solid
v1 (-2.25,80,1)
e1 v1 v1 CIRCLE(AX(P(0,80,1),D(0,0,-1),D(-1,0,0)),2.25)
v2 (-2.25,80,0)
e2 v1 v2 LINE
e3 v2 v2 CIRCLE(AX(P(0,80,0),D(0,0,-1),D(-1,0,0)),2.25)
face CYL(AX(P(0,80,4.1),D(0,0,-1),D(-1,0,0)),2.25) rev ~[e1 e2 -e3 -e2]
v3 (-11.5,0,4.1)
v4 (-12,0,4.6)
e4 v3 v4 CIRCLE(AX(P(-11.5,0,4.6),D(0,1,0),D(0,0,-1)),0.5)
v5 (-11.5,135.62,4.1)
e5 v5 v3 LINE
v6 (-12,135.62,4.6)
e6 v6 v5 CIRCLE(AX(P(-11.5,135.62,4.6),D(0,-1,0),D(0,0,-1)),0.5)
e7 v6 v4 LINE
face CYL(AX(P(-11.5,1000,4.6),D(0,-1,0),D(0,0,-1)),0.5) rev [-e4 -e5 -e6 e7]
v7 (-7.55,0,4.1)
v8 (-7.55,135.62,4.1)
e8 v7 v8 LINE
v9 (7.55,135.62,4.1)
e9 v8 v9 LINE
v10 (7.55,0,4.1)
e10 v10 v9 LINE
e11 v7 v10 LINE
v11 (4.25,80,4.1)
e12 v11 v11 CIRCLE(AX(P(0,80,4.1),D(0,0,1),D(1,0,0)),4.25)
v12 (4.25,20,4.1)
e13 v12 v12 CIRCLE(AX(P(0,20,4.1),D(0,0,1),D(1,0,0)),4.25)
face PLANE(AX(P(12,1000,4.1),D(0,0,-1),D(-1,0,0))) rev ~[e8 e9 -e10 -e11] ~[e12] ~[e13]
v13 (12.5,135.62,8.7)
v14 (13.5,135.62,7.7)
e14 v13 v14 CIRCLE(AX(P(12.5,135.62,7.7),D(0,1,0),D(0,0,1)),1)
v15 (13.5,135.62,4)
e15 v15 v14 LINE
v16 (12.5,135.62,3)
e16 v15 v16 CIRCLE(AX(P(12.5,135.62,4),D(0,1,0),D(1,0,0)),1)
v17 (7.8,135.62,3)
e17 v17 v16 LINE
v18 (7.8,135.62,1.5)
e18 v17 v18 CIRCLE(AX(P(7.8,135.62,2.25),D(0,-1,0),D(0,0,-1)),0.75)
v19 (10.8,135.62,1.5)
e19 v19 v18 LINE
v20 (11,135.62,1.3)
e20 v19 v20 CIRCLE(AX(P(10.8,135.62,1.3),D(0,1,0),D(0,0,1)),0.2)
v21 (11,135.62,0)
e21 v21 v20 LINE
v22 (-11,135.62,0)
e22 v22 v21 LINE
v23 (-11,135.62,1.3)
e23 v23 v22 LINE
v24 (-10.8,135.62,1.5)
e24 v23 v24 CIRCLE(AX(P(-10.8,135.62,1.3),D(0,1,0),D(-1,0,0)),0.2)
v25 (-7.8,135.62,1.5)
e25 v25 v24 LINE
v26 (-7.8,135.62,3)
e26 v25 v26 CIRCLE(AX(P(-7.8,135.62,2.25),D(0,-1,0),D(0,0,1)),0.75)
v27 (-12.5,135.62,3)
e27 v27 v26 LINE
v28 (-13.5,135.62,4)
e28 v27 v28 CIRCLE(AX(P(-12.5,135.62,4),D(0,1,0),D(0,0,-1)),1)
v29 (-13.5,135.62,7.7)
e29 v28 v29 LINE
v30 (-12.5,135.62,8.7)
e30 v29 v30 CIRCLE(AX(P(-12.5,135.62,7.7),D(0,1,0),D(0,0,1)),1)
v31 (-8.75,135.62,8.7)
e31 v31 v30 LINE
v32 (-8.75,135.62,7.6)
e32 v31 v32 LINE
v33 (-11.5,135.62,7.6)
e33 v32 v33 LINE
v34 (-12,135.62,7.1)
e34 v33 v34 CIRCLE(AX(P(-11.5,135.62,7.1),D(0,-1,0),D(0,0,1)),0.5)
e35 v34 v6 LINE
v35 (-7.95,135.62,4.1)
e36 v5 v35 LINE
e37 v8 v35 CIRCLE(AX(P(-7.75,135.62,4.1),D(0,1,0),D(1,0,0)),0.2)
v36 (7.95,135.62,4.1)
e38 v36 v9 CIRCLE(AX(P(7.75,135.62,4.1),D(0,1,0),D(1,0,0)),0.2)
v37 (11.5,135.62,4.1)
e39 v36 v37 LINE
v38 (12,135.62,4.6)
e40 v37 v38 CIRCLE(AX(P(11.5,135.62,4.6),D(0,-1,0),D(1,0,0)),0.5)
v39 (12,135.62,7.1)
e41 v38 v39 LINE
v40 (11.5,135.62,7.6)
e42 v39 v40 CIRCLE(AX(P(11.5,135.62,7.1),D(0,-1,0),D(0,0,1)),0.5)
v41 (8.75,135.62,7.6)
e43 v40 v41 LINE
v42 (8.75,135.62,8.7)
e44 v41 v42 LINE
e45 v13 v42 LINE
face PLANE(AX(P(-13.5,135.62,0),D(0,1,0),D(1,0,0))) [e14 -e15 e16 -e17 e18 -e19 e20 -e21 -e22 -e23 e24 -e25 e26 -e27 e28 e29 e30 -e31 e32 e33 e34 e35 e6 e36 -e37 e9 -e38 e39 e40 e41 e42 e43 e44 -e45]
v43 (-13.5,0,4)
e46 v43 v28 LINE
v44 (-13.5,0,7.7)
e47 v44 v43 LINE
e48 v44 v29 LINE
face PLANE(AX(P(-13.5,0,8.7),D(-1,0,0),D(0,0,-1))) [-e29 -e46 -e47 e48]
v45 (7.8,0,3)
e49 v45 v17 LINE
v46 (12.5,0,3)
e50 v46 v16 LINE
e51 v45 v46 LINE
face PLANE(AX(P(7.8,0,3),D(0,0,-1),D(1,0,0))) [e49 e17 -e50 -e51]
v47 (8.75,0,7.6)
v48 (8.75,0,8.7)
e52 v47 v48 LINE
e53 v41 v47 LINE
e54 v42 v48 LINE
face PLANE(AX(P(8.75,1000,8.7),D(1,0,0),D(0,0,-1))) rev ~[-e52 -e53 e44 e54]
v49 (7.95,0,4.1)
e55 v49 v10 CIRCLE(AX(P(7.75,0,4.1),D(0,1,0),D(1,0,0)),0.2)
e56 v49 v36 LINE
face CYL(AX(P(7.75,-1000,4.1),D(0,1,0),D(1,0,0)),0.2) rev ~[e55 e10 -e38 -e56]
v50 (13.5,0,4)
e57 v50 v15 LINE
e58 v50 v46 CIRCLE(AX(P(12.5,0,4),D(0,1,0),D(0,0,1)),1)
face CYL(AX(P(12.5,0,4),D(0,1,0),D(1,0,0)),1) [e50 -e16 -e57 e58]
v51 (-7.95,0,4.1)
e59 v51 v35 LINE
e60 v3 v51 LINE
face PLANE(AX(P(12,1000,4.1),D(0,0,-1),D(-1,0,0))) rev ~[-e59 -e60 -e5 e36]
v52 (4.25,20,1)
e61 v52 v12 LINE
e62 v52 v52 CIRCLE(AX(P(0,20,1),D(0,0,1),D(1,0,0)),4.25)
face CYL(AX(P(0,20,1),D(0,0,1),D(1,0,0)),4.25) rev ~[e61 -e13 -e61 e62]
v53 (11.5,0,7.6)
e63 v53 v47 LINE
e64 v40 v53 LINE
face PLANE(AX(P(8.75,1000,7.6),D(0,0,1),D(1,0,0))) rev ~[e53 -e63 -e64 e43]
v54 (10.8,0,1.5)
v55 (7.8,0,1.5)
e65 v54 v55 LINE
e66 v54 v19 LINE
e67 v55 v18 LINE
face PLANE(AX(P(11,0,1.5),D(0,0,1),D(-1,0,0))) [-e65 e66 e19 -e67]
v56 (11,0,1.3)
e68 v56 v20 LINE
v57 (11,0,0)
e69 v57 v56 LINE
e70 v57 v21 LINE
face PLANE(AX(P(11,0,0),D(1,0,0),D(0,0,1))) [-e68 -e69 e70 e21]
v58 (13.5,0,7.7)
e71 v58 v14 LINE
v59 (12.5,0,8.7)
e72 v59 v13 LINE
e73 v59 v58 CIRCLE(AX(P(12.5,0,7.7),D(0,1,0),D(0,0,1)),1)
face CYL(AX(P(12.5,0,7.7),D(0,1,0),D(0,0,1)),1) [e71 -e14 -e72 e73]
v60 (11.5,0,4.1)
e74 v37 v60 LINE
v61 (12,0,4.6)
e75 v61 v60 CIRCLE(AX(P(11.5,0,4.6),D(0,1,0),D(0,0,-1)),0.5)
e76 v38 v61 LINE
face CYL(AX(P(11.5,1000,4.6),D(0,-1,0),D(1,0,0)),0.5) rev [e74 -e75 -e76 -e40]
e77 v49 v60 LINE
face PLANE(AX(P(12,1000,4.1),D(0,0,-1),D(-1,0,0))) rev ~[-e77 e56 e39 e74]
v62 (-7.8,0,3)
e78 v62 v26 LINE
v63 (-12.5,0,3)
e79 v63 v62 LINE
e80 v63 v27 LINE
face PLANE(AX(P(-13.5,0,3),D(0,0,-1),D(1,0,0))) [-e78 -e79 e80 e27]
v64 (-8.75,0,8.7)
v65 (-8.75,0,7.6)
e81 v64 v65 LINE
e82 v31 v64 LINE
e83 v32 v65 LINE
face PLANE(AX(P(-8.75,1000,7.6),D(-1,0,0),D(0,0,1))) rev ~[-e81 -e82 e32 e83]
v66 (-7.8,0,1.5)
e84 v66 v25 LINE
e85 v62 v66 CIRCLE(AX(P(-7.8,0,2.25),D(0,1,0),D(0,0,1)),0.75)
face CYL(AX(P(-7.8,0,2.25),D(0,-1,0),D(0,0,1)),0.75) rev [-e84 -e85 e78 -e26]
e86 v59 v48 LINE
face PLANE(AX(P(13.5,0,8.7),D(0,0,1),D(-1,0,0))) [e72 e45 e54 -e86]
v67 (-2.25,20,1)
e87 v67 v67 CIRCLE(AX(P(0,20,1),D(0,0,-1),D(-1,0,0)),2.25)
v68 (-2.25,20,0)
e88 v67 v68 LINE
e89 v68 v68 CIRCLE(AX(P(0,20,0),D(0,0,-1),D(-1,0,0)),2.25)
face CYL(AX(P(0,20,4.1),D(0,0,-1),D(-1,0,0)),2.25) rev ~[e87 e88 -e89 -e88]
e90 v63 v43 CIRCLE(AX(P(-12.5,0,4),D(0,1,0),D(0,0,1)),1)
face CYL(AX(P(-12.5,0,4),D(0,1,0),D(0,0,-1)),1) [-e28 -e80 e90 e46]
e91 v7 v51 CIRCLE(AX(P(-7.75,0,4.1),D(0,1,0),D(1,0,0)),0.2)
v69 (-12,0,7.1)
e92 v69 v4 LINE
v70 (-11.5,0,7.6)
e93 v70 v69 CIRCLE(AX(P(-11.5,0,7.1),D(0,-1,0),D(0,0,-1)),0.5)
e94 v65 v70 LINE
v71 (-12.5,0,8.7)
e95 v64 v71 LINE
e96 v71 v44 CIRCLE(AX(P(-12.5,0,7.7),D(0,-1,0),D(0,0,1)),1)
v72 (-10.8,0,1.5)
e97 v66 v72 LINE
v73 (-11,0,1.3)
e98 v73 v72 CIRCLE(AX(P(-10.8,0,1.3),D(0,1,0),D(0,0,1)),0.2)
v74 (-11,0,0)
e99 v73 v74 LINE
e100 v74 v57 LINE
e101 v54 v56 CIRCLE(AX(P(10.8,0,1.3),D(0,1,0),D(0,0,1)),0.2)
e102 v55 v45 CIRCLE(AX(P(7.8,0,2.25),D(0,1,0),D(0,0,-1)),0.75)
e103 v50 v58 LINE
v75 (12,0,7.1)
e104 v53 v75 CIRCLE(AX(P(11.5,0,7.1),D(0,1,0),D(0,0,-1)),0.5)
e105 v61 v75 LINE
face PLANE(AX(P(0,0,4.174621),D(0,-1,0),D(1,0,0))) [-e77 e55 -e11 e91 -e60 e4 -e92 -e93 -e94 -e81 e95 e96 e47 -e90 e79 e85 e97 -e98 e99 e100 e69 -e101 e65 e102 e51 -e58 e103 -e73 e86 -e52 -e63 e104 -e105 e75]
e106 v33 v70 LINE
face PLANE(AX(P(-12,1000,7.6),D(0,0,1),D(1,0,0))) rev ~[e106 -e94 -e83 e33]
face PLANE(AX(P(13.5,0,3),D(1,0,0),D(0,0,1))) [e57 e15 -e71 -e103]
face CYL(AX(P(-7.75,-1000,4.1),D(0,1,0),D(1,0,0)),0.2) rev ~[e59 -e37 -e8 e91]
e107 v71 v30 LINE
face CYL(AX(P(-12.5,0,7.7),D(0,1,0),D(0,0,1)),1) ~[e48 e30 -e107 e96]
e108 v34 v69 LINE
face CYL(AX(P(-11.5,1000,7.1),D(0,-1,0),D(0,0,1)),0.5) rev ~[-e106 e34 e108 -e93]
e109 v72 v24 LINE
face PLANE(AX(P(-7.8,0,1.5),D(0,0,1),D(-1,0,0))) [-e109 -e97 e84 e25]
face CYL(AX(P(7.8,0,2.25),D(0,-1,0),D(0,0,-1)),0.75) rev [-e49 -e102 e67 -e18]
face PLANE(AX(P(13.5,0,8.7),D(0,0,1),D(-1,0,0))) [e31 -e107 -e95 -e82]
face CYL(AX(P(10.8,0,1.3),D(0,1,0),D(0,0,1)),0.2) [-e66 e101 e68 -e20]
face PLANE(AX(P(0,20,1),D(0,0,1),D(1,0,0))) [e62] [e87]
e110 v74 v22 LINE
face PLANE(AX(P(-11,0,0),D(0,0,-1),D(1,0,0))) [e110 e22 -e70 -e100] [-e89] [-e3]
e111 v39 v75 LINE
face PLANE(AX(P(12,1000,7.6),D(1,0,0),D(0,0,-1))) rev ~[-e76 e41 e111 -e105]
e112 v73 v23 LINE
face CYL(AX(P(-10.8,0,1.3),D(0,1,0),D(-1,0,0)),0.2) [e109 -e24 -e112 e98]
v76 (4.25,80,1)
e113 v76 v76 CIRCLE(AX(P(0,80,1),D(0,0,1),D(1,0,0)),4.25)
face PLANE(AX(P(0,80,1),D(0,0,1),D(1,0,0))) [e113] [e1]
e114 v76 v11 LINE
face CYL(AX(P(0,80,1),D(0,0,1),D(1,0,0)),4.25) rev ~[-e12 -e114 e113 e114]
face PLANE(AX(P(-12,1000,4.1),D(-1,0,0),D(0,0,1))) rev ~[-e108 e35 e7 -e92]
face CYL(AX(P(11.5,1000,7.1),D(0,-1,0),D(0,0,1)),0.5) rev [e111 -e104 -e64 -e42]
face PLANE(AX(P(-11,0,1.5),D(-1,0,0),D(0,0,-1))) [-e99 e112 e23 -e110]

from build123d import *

# Parameters (mm, degrees)
BOSS_EXTRU_1_DEPTH                                 = 1000
ENL_V_MAT_EXTRU_1_DEPTH                            = 1001
CHAMBRAGE_POUR_VIS_T_TE_HEXAGONALE_M41_D           = 4.5
CHAMBRAGE_POUR_VIS_T_TE_HEXAGONALE_M41_DEPTH       = 4.1
CHAMBRAGE_POUR_VIS_T_TE_HEXAGONALE_M41_CBORE_D     = 8.5
CHAMBRAGE_POUR_VIS_T_TE_HEXAGONALE_M41_CBORE_DEPTH = 3.1
DIAM_TRE_DU_PER_AGE_0_4_0_4_1_D                    = 0.4
DIAM_TRE_DU_PER_AGE_0_4_0_4_1_DEPTH                = 1000
CONG_1_R                                           = 0.2
CONG_2_R                                           = 0.5
CONG_3_R                                           = 1
ESQUISSE9_W                                        = 27
ESQUISSE9_H                                        = 864.38
ENL_V_MAT_EXTRU_2_DEPTH                            = 9.7
ENL_V_MAT_EXTRU_2_DEPTH_BACK                       = 1


with BuildPart() as part:
    # Esquisse1 → Boss.-Extru.1 (new body)
    with BuildSketch(Plane.XZ):
        with BuildLine():
            Line((13.5, 8.7), (-13.5, 8.7))
            Line((-13.5, 8.7), (-13.5, 3))
            Line((-13.5, 3), (-7.8, 3))
            ThreePointArc((-7.8, 3), (-7.05, 2.25), (-7.8, 1.5))
            Line((-7.8, 1.5), (-11, 1.5))
            Line((-11, 1.5), (-11, 0))
            Line((-11, 0), (11, 0))
            Line((11, 0), (11, 1.5))
            Line((11, 1.5), (7.8, 1.5))
            ThreePointArc((7.8, 1.5), (7.05, 2.25), (7.8, 3))
            Line((7.8, 3), (13.5, 3))
            Line((13.5, 3), (13.5, 8.7))
        make_face()
    extrude(amount=-BOSS_EXTRU_1_DEPTH)

    # Esquisse2 → Enlèv. mat.-Extru.1 (cut, through all)
    with BuildSketch(Plane(origin=(0, 1000, 0), x_dir=(-1, 0, 0), z_dir=(0, 1, 0))):
        Polygon((8.75, 8.7), (-8.75, 8.7), (-8.75, 7.6), (-12, 7.6), (-12, 4.1), (12, 4.1), (12, 7.6), (8.75, 7.6), align=None)
    extrude(amount=-ENL_V_MAT_EXTRU_1_DEPTH, mode=Mode.SUBTRACT)

    # Chambrage pour vis à tête hexagonale M41
    with Locations(Plane.XY.offset(4.1)):
        with Locations((0, 980), (0, 920), (0, 860), (0, 800), (0, 740), (0, 680), (0, 620), (0, 560), (0, 500), (0, 440), (0, 380), (0, 320), (0, 260), (0, 200), (0, 140), (0, 80), (0, 20)):
            CounterBoreHole(CHAMBRAGE_POUR_VIS_T_TE_HEXAGONALE_M41_D / 2, CHAMBRAGE_POUR_VIS_T_TE_HEXAGONALE_M41_CBORE_D / 2, CHAMBRAGE_POUR_VIS_T_TE_HEXAGONALE_M41_CBORE_DEPTH, depth=CHAMBRAGE_POUR_VIS_T_TE_HEXAGONALE_M41_DEPTH)

    # Diamètre du perçage Ø0.4 (0.4)1
    with Locations(Plane(origin=(0, 0, 0), x_dir=(-1, 0, 0), z_dir=(0, -1, 0))):
        with Locations((7.75, -4.1), (-7.75, -4.1)):
            Hole(DIAM_TRE_DU_PER_AGE_0_4_0_4_1_D / 2, depth=DIAM_TRE_DU_PER_AGE_0_4_0_4_1_DEPTH)

    # Congé1
    cong_1_edges = [part.edges().sort_by_distance(p)[0] for p in [
        (11, 500, 1.5),
        (-11, 500, 1.5),
    ]]
    fillet(cong_1_edges, radius=CONG_1_R)

    # Congé2
    cong_2_edges = [part.edges().sort_by_distance(p)[0] for p in [
        (-12, 500, 7.6),
        (-12, 500, 4.1),
        (12, 500, 4.1),
        (12, 500, 7.6),
    ]]
    fillet(cong_2_edges, radius=CONG_2_R)

    # Congé3
    cong_3_edges = [part.edges().sort_by_distance(p)[0] for p in [
        (13.5, 500, 3),
        (-13.5, 500, 3),
        (-13.5, 500, 8.7),
        (13.5, 500, 8.7),
    ]]
    fillet(cong_3_edges, radius=CONG_3_R)

    # Esquisse9 → Enlèv. mat.-Extru.2 (cut, two sides)
    with BuildSketch(Plane.XY) as enl_v_mat_extru_2_sk:
        with Locations((0, 567.81)):
            Rectangle(ESQUISSE9_W, ESQUISSE9_H)
    extrude(amount=ENL_V_MAT_EXTRU_2_DEPTH, mode=Mode.SUBTRACT)
    extrude(enl_v_mat_extru_2_sk.sketch, amount=-ENL_V_MAT_EXTRU_2_DEPTH_BACK, mode=Mode.SUBTRACT)


solid = part.part
